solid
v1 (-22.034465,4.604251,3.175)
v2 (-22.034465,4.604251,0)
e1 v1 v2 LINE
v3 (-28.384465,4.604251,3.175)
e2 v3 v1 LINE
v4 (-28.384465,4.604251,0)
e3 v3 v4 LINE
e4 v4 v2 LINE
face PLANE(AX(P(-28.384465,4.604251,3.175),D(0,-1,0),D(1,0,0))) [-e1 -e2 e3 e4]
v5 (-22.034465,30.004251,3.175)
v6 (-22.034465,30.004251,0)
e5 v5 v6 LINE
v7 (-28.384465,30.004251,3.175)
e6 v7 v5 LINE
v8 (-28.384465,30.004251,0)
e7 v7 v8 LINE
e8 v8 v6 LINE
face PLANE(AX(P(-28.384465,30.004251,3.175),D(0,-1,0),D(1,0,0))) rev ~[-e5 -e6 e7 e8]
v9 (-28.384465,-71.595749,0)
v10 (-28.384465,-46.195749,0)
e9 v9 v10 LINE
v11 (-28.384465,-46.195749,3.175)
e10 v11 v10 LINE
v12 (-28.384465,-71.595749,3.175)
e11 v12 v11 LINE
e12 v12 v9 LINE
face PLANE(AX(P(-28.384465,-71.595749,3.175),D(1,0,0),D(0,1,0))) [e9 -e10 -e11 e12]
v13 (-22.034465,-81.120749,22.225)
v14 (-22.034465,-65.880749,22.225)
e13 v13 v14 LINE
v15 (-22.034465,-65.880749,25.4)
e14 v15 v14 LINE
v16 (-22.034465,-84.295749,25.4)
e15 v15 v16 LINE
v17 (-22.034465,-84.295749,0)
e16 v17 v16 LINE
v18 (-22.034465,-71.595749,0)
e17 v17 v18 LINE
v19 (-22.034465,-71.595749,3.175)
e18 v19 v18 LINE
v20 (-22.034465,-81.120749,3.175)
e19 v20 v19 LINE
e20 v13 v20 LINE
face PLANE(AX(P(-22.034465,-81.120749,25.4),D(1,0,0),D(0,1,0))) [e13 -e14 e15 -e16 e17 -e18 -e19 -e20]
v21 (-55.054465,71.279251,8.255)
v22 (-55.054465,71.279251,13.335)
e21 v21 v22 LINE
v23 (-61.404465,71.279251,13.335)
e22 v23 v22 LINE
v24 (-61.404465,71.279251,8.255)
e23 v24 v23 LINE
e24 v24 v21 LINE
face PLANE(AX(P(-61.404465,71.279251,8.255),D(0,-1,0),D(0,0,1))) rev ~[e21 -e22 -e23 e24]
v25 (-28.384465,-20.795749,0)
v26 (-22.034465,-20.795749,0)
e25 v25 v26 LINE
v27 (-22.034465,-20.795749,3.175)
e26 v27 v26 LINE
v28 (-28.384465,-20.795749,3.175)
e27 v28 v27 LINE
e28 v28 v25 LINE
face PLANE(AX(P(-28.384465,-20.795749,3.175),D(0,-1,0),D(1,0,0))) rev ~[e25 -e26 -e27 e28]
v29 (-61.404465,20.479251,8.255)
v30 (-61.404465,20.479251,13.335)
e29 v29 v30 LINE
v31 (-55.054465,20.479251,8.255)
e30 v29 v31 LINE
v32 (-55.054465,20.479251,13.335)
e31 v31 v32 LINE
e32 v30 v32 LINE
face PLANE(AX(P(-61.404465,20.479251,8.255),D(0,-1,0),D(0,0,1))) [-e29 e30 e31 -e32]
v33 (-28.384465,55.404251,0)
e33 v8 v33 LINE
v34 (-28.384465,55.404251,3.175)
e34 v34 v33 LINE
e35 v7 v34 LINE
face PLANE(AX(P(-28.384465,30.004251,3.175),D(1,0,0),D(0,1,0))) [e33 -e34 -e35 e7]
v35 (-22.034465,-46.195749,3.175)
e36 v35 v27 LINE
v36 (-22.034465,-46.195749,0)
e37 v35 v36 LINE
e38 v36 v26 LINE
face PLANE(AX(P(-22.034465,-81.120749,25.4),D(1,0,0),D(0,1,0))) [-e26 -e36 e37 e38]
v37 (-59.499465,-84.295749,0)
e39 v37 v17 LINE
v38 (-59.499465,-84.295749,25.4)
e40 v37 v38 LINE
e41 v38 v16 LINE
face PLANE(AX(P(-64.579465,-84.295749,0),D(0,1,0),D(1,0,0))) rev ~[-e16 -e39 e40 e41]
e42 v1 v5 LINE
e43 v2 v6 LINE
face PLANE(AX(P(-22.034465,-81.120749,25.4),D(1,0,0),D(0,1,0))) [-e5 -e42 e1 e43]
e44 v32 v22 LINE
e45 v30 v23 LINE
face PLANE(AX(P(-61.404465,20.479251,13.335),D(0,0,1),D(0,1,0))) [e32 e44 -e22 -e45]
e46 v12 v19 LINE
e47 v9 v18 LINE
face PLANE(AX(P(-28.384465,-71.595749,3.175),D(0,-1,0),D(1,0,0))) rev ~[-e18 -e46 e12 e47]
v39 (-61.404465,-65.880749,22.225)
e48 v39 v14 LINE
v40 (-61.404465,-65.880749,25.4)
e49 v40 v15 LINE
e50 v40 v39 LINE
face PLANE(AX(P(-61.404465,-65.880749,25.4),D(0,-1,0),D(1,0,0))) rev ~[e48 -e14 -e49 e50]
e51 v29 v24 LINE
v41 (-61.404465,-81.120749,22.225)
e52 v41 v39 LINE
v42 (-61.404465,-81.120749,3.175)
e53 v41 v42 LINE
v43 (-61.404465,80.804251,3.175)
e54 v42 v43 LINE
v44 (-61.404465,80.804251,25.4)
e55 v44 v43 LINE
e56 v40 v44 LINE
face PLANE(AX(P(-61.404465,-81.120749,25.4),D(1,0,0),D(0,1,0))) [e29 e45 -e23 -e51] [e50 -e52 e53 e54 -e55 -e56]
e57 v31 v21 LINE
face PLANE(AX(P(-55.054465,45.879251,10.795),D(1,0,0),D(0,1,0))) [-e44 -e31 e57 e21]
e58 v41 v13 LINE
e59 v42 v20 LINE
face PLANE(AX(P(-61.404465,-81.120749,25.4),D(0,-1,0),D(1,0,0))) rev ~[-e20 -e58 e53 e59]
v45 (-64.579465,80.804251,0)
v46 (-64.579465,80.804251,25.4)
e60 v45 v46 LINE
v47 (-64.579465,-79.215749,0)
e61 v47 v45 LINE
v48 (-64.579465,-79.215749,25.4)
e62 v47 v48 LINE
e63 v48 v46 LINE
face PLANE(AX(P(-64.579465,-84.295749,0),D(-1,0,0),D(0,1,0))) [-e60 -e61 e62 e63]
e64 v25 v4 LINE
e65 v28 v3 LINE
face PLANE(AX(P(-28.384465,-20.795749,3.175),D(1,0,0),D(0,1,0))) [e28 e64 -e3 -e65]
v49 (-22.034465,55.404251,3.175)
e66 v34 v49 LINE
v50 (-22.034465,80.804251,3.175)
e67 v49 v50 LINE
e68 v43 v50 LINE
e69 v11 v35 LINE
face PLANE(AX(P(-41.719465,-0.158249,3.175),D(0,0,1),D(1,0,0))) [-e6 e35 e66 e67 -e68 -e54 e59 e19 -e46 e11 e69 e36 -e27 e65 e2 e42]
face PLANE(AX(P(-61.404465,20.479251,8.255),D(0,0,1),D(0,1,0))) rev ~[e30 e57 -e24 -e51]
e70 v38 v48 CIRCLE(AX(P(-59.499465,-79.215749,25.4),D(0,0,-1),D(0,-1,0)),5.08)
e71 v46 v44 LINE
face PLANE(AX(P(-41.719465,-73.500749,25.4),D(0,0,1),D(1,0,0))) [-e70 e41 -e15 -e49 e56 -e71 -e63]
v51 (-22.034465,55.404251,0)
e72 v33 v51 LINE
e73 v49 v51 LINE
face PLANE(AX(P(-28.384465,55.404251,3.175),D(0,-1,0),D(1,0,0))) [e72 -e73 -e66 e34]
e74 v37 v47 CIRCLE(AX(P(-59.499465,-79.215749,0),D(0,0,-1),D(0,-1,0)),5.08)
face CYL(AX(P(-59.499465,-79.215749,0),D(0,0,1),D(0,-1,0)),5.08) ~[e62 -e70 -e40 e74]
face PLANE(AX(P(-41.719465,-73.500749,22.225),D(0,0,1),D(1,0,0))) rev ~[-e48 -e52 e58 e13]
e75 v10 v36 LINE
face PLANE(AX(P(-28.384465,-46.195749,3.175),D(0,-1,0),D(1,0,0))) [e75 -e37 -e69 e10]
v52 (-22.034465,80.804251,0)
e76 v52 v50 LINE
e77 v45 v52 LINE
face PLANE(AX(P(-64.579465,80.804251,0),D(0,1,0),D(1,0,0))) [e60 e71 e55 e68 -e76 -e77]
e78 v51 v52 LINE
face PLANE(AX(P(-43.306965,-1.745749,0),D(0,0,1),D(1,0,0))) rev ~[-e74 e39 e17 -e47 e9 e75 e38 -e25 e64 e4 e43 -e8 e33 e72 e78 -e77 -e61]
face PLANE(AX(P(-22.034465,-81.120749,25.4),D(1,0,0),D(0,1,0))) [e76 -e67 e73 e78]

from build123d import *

# Parameters (mm, degrees)
F0_W     = 42.545
F0_H     = 165.1
F1_DEPTH = 25.4
F2_W     = 39.37
F2_H     = 161.925
F3_DEPTH = 22.225
F4_W     = 39.37
F4_H     = 15.24
F5_DEPTH = 3.175
F6_W     = 50.8
F6_H     = 5.08
F7_DEPTH = 6.35
F8_W     = 6.35
F8_H     = 25.4
F9_DEPTH = 3.176
F10_R    = 5.08


with BuildPart() as f1:
    # F0 (on Top) → F1 (new body)
    with BuildSketch(Plane.XY):
        with Locations((-43.306965, -1.745749)):
            Rectangle(F0_W, F0_H)
    extrude(amount=F1_DEPTH)

    # F2 (on face) → F3 (cut)
    with BuildSketch(Plane.XY.offset(25.4)):
        with Locations((-41.719465, -0.158249)):
            Rectangle(F2_W, F2_H)
    extrude(amount=-F3_DEPTH, mode=Mode.SUBTRACT)

    # F4 (on face) → F5 (join)
    with BuildSketch(Plane.XY.offset(25.4)):
        with Locations((-41.719465, -73.500749)):
            Rectangle(F4_W, F4_H)
    extrude(amount=-F5_DEPTH)

    # F6 (on face) → F7 (join)
    with BuildSketch(Plane.YZ.offset(-61.404465)):
        with Locations((45.879251, 10.795)):
            Rectangle(F6_W, F6_H)
    extrude(amount=F7_DEPTH)

    # F8 (on face) → F9 (cut, through all)
    with BuildSketch(Plane.XY.offset(3.175)):
        with Locations((-25.209465, -58.895749)):
            Rectangle(F8_W, F8_H)
        with Locations((-25.209465, -8.095749)):
            Rectangle(F8_W, F8_H)
        with Locations((-25.209465, 42.704251)):
            Rectangle(F8_W, F8_H)
    extrude(amount=-F9_DEPTH, mode=Mode.SUBTRACT)

    # F10
    f10_edges = [f1.edges().sort_by_distance(p)[0] for p in [
        (-64.579465, -84.295749, 12.7),
    ]]
    fillet(f10_edges, radius=F10_R)


solid = f1.part
